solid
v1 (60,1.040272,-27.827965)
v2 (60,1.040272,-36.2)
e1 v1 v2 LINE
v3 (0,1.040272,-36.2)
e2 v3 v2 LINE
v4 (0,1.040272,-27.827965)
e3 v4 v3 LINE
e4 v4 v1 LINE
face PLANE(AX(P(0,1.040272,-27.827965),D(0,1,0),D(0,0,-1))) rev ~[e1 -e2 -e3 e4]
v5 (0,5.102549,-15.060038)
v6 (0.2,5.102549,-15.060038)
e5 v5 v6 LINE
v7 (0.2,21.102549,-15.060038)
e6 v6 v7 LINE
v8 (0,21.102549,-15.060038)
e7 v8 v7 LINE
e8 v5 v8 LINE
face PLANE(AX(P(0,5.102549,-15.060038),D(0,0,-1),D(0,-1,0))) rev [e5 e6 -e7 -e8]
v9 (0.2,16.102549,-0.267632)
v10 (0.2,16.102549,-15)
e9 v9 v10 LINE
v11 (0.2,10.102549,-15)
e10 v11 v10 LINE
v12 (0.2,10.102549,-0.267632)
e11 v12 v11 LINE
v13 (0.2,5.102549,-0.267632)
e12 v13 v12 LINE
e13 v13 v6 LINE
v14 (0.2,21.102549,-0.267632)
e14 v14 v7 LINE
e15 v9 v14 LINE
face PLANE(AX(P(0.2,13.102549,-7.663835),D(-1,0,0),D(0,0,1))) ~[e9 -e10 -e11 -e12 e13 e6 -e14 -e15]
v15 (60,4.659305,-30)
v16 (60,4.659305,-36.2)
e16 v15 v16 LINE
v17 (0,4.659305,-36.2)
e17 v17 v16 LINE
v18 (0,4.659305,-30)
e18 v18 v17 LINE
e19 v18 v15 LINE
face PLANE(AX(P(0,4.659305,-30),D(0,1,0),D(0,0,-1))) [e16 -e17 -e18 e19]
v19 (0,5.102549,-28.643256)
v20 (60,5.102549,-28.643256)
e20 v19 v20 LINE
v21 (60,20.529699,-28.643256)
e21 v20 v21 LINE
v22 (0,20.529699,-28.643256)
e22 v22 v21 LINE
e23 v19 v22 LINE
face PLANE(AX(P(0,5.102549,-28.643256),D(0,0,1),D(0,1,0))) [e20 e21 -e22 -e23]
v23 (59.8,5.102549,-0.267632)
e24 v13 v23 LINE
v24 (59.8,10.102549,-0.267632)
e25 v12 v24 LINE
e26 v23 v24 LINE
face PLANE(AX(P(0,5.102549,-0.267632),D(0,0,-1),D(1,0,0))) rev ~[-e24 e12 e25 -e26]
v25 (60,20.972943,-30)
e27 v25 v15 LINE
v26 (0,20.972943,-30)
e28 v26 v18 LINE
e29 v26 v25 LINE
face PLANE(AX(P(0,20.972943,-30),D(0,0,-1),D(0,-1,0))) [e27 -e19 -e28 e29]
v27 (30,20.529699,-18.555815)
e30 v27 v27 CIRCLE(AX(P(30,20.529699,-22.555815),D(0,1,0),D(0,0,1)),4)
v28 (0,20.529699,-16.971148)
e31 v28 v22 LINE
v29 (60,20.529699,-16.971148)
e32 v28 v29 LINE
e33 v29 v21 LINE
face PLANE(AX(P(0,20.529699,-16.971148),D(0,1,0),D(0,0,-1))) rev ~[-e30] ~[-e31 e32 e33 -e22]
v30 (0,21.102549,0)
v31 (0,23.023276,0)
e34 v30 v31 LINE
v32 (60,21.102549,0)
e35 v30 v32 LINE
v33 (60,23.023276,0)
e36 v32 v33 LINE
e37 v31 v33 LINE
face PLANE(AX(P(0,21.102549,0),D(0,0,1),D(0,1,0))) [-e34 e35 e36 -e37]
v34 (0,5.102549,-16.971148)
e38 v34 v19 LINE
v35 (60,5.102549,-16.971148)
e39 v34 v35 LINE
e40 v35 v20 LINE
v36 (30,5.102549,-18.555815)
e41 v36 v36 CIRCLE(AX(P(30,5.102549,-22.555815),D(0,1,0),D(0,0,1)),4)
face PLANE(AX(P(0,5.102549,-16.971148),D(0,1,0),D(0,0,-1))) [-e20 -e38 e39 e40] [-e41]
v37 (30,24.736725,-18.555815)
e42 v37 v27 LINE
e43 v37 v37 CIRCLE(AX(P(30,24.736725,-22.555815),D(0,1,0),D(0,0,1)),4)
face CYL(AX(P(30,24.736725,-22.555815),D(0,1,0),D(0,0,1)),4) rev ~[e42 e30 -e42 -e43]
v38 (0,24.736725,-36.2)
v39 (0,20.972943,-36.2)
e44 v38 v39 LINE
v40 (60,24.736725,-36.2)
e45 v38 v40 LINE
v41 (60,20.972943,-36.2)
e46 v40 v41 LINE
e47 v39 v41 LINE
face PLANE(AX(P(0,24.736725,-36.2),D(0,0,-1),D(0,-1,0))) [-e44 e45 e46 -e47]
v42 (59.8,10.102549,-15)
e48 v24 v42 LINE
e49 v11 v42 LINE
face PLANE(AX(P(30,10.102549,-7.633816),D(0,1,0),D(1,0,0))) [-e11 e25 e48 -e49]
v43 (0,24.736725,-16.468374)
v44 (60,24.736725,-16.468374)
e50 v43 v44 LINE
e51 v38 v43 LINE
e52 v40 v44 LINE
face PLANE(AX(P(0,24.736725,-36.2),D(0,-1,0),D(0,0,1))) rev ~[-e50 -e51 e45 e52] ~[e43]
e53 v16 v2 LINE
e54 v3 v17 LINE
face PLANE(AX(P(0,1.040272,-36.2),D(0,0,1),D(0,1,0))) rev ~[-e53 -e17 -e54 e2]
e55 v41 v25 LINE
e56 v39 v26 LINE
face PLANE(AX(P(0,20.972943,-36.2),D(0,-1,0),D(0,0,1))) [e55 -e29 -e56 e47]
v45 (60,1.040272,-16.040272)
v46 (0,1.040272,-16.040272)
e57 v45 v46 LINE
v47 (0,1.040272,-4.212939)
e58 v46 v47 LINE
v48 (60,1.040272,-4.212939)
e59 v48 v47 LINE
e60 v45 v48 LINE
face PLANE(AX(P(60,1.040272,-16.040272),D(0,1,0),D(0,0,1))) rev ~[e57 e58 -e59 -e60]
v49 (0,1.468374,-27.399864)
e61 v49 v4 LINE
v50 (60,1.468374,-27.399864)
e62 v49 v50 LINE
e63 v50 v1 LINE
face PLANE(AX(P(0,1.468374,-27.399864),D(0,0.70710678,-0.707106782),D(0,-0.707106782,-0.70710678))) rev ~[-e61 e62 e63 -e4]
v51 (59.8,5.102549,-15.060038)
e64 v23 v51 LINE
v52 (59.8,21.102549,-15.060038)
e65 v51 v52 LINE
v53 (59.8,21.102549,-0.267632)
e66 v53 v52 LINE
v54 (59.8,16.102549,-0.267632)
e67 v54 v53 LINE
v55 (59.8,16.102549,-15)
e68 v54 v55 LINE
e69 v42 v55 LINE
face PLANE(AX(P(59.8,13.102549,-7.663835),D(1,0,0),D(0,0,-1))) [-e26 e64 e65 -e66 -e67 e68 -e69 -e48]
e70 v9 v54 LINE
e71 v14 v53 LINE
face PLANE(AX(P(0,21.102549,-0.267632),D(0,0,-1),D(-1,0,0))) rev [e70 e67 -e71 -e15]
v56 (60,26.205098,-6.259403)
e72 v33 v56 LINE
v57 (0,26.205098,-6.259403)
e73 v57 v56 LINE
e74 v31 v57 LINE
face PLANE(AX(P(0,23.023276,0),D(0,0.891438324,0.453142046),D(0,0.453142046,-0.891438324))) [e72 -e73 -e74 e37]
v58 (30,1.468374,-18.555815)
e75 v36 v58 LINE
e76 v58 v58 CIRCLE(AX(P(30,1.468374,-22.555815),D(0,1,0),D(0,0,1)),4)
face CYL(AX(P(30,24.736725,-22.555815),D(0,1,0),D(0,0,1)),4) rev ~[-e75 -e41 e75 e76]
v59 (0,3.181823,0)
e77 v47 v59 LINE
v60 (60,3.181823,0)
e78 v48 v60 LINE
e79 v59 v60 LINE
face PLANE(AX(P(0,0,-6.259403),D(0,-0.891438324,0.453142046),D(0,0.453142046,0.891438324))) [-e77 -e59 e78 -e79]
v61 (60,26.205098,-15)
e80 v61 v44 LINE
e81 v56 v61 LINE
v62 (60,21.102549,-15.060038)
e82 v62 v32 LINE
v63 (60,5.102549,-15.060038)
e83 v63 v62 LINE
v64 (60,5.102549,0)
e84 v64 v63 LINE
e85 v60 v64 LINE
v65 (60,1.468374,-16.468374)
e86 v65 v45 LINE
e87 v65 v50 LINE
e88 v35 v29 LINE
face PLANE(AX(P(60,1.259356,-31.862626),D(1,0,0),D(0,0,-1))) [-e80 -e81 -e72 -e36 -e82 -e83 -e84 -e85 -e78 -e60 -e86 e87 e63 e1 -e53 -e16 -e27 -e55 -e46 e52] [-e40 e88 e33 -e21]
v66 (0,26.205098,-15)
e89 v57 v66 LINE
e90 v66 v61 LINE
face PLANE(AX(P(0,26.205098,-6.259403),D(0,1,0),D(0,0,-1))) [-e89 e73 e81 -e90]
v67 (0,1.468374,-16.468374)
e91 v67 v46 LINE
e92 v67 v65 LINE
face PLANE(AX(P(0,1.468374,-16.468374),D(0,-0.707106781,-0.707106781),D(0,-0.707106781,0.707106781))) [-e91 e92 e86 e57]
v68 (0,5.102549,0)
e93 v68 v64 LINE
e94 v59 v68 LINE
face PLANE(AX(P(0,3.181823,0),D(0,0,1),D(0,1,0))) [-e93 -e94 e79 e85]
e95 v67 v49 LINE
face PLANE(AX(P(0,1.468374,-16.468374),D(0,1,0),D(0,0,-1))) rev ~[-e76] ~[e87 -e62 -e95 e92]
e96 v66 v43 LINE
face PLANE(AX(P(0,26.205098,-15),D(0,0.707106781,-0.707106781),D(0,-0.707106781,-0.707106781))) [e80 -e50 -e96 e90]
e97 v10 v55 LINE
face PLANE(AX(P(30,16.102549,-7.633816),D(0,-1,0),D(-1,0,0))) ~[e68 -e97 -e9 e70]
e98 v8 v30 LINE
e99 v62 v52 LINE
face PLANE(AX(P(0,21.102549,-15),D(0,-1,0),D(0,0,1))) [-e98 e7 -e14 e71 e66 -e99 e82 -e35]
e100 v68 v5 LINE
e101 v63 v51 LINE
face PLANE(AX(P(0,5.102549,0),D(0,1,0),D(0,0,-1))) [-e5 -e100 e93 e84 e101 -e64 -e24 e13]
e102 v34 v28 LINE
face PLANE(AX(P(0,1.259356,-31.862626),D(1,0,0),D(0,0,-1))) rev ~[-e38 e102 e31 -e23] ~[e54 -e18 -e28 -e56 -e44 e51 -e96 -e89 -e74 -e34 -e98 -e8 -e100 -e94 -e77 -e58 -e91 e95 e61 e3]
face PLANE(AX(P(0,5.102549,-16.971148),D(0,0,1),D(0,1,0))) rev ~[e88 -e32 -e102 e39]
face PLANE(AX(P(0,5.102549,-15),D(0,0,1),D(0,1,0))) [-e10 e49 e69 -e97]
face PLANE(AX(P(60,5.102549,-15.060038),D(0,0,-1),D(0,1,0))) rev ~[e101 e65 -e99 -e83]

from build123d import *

# Parameters (mm, degrees)
CROQUIS1_W              = 11.672108333
CROQUIS1_H              = 15.427149297
SALIENTE_EXTRUIR1_DEPTH = 60
CROQUIS2_R              = 4
CORTAR_EXTRUIR1_DEPTH   = 60
CROQUIS5_W              = 60
CROQUIS5_H              = 14.732368319
SALIENTE_EXTRUIR4_DEPTH = 5
CROQUIS6_W              = 14.792406449
CROQUIS6_H              = 16
CORTAR_EXTRUIR2_DEPTH   = 0.2
CORTAR_EXTRUIR3_DEPTH   = 60
SALIENTE_EXTRUIR5_DEPTH = 60


with BuildPart() as part:
    # Croquis1 → Saliente-Extruir1 (new body)
    with BuildSketch(Plane(origin=(0, 0, 0), x_dir=(0, 0, -1), z_dir=(1, 0, 0))):
        Polygon((0, 23.023275897), (6.259402679, 26.20509842), (15, 26.20509842), (16.468373545, 24.736724875), (30, 24.736724875), (36.2, 24.736724875), (36.2, 20.972943127), (30, 20.972943127), (30, 4.65930459), (36.2, 4.65930459), (36.2, 1.468373545), (30, 1.468373545), (16.468373545, 1.468373545), (15, 0), (6.259402679, 0), (0, 3.181822522), (0, 5.10254921), (15, 5.10254921), (15, 21.10254921), (0, 21.10254921), align=None)
        with Locations((22.807201834, 12.816123859)):
            Rectangle(CROQUIS1_W, CROQUIS1_H, mode=Mode.SUBTRACT)
    extrude(amount=SALIENTE_EXTRUIR1_DEPTH)

    # Croquis2 → Cortar-Extruir1 (cut)
    with BuildSketch(Plane(origin=(0, 24.736724875, 0), x_dir=(1, 0, 0), z_dir=(0, 1, 0))):
        with Locations(Location((30, 22.555814773, 0), (0, 0, 270))):
            Circle(CROQUIS2_R)
    extrude(amount=-CORTAR_EXTRUIR1_DEPTH, mode=Mode.SUBTRACT)

    # Croquis5 → Saliente-Extruir4 (add)
    with BuildSketch(Plane(origin=(0, 5.10254921, 0), x_dir=(1, 0, 0), z_dir=(0, 1, 0))):
        with Locations((30, 7.633815841)):
            Rectangle(CROQUIS5_W, CROQUIS5_H)
    saliente_extruir4 = extrude(amount=SALIENTE_EXTRUIR4_DEPTH)

    # Simetría1: Saliente-Extruir4 across plane
    add(saliente_extruir4.mirror(Plane.ZX.offset(13.10254921)))

    # Croquis6 → Cortar-Extruir2 (cut)
    with BuildSketch(Plane(origin=(60, 0, 0), x_dir=(0, 0, -1), z_dir=(1, 0, 0))):
        with Locations((7.663834905, 13.10254921)):
            Rectangle(CROQUIS6_W, CROQUIS6_H)
    cortar_extruir2 = extrude(amount=-CORTAR_EXTRUIR2_DEPTH, mode=Mode.SUBTRACT)

    # Simetría2: Cortar-Extruir2 across plane
    add(cortar_extruir2.mirror(Plane(origin=(30, 0, 0), x_dir=(0, 0, 1), z_dir=(1, 0, 0))), mode=Mode.SUBTRACT)

    # Croquis7 → Cortar-Extruir3 (cut)
    with BuildSketch(Plane(origin=(60, 0, 0), x_dir=(0, 0, -1), z_dir=(1, 0, 0))):
        Polygon((16.040272261, 1.040272261), (4.212939392, 1.040272261), (2.720078376, -1.896540894), (18.763264408, -1.896540894), align=None)
    extrude(amount=-CORTAR_EXTRUIR3_DEPTH, mode=Mode.SUBTRACT)

    # Croquis8 → Saliente-Extruir5 (add)
    with BuildSketch(Plane.ZY):
        Polygon((-27.827964964, 1.040272261), (-36.2, 1.040272261), (-36.2, 1.468373545), (-27.399863681, 1.468373545), align=None)
    extrude(amount=-SALIENTE_EXTRUIR5_DEPTH)


solid = part.part
